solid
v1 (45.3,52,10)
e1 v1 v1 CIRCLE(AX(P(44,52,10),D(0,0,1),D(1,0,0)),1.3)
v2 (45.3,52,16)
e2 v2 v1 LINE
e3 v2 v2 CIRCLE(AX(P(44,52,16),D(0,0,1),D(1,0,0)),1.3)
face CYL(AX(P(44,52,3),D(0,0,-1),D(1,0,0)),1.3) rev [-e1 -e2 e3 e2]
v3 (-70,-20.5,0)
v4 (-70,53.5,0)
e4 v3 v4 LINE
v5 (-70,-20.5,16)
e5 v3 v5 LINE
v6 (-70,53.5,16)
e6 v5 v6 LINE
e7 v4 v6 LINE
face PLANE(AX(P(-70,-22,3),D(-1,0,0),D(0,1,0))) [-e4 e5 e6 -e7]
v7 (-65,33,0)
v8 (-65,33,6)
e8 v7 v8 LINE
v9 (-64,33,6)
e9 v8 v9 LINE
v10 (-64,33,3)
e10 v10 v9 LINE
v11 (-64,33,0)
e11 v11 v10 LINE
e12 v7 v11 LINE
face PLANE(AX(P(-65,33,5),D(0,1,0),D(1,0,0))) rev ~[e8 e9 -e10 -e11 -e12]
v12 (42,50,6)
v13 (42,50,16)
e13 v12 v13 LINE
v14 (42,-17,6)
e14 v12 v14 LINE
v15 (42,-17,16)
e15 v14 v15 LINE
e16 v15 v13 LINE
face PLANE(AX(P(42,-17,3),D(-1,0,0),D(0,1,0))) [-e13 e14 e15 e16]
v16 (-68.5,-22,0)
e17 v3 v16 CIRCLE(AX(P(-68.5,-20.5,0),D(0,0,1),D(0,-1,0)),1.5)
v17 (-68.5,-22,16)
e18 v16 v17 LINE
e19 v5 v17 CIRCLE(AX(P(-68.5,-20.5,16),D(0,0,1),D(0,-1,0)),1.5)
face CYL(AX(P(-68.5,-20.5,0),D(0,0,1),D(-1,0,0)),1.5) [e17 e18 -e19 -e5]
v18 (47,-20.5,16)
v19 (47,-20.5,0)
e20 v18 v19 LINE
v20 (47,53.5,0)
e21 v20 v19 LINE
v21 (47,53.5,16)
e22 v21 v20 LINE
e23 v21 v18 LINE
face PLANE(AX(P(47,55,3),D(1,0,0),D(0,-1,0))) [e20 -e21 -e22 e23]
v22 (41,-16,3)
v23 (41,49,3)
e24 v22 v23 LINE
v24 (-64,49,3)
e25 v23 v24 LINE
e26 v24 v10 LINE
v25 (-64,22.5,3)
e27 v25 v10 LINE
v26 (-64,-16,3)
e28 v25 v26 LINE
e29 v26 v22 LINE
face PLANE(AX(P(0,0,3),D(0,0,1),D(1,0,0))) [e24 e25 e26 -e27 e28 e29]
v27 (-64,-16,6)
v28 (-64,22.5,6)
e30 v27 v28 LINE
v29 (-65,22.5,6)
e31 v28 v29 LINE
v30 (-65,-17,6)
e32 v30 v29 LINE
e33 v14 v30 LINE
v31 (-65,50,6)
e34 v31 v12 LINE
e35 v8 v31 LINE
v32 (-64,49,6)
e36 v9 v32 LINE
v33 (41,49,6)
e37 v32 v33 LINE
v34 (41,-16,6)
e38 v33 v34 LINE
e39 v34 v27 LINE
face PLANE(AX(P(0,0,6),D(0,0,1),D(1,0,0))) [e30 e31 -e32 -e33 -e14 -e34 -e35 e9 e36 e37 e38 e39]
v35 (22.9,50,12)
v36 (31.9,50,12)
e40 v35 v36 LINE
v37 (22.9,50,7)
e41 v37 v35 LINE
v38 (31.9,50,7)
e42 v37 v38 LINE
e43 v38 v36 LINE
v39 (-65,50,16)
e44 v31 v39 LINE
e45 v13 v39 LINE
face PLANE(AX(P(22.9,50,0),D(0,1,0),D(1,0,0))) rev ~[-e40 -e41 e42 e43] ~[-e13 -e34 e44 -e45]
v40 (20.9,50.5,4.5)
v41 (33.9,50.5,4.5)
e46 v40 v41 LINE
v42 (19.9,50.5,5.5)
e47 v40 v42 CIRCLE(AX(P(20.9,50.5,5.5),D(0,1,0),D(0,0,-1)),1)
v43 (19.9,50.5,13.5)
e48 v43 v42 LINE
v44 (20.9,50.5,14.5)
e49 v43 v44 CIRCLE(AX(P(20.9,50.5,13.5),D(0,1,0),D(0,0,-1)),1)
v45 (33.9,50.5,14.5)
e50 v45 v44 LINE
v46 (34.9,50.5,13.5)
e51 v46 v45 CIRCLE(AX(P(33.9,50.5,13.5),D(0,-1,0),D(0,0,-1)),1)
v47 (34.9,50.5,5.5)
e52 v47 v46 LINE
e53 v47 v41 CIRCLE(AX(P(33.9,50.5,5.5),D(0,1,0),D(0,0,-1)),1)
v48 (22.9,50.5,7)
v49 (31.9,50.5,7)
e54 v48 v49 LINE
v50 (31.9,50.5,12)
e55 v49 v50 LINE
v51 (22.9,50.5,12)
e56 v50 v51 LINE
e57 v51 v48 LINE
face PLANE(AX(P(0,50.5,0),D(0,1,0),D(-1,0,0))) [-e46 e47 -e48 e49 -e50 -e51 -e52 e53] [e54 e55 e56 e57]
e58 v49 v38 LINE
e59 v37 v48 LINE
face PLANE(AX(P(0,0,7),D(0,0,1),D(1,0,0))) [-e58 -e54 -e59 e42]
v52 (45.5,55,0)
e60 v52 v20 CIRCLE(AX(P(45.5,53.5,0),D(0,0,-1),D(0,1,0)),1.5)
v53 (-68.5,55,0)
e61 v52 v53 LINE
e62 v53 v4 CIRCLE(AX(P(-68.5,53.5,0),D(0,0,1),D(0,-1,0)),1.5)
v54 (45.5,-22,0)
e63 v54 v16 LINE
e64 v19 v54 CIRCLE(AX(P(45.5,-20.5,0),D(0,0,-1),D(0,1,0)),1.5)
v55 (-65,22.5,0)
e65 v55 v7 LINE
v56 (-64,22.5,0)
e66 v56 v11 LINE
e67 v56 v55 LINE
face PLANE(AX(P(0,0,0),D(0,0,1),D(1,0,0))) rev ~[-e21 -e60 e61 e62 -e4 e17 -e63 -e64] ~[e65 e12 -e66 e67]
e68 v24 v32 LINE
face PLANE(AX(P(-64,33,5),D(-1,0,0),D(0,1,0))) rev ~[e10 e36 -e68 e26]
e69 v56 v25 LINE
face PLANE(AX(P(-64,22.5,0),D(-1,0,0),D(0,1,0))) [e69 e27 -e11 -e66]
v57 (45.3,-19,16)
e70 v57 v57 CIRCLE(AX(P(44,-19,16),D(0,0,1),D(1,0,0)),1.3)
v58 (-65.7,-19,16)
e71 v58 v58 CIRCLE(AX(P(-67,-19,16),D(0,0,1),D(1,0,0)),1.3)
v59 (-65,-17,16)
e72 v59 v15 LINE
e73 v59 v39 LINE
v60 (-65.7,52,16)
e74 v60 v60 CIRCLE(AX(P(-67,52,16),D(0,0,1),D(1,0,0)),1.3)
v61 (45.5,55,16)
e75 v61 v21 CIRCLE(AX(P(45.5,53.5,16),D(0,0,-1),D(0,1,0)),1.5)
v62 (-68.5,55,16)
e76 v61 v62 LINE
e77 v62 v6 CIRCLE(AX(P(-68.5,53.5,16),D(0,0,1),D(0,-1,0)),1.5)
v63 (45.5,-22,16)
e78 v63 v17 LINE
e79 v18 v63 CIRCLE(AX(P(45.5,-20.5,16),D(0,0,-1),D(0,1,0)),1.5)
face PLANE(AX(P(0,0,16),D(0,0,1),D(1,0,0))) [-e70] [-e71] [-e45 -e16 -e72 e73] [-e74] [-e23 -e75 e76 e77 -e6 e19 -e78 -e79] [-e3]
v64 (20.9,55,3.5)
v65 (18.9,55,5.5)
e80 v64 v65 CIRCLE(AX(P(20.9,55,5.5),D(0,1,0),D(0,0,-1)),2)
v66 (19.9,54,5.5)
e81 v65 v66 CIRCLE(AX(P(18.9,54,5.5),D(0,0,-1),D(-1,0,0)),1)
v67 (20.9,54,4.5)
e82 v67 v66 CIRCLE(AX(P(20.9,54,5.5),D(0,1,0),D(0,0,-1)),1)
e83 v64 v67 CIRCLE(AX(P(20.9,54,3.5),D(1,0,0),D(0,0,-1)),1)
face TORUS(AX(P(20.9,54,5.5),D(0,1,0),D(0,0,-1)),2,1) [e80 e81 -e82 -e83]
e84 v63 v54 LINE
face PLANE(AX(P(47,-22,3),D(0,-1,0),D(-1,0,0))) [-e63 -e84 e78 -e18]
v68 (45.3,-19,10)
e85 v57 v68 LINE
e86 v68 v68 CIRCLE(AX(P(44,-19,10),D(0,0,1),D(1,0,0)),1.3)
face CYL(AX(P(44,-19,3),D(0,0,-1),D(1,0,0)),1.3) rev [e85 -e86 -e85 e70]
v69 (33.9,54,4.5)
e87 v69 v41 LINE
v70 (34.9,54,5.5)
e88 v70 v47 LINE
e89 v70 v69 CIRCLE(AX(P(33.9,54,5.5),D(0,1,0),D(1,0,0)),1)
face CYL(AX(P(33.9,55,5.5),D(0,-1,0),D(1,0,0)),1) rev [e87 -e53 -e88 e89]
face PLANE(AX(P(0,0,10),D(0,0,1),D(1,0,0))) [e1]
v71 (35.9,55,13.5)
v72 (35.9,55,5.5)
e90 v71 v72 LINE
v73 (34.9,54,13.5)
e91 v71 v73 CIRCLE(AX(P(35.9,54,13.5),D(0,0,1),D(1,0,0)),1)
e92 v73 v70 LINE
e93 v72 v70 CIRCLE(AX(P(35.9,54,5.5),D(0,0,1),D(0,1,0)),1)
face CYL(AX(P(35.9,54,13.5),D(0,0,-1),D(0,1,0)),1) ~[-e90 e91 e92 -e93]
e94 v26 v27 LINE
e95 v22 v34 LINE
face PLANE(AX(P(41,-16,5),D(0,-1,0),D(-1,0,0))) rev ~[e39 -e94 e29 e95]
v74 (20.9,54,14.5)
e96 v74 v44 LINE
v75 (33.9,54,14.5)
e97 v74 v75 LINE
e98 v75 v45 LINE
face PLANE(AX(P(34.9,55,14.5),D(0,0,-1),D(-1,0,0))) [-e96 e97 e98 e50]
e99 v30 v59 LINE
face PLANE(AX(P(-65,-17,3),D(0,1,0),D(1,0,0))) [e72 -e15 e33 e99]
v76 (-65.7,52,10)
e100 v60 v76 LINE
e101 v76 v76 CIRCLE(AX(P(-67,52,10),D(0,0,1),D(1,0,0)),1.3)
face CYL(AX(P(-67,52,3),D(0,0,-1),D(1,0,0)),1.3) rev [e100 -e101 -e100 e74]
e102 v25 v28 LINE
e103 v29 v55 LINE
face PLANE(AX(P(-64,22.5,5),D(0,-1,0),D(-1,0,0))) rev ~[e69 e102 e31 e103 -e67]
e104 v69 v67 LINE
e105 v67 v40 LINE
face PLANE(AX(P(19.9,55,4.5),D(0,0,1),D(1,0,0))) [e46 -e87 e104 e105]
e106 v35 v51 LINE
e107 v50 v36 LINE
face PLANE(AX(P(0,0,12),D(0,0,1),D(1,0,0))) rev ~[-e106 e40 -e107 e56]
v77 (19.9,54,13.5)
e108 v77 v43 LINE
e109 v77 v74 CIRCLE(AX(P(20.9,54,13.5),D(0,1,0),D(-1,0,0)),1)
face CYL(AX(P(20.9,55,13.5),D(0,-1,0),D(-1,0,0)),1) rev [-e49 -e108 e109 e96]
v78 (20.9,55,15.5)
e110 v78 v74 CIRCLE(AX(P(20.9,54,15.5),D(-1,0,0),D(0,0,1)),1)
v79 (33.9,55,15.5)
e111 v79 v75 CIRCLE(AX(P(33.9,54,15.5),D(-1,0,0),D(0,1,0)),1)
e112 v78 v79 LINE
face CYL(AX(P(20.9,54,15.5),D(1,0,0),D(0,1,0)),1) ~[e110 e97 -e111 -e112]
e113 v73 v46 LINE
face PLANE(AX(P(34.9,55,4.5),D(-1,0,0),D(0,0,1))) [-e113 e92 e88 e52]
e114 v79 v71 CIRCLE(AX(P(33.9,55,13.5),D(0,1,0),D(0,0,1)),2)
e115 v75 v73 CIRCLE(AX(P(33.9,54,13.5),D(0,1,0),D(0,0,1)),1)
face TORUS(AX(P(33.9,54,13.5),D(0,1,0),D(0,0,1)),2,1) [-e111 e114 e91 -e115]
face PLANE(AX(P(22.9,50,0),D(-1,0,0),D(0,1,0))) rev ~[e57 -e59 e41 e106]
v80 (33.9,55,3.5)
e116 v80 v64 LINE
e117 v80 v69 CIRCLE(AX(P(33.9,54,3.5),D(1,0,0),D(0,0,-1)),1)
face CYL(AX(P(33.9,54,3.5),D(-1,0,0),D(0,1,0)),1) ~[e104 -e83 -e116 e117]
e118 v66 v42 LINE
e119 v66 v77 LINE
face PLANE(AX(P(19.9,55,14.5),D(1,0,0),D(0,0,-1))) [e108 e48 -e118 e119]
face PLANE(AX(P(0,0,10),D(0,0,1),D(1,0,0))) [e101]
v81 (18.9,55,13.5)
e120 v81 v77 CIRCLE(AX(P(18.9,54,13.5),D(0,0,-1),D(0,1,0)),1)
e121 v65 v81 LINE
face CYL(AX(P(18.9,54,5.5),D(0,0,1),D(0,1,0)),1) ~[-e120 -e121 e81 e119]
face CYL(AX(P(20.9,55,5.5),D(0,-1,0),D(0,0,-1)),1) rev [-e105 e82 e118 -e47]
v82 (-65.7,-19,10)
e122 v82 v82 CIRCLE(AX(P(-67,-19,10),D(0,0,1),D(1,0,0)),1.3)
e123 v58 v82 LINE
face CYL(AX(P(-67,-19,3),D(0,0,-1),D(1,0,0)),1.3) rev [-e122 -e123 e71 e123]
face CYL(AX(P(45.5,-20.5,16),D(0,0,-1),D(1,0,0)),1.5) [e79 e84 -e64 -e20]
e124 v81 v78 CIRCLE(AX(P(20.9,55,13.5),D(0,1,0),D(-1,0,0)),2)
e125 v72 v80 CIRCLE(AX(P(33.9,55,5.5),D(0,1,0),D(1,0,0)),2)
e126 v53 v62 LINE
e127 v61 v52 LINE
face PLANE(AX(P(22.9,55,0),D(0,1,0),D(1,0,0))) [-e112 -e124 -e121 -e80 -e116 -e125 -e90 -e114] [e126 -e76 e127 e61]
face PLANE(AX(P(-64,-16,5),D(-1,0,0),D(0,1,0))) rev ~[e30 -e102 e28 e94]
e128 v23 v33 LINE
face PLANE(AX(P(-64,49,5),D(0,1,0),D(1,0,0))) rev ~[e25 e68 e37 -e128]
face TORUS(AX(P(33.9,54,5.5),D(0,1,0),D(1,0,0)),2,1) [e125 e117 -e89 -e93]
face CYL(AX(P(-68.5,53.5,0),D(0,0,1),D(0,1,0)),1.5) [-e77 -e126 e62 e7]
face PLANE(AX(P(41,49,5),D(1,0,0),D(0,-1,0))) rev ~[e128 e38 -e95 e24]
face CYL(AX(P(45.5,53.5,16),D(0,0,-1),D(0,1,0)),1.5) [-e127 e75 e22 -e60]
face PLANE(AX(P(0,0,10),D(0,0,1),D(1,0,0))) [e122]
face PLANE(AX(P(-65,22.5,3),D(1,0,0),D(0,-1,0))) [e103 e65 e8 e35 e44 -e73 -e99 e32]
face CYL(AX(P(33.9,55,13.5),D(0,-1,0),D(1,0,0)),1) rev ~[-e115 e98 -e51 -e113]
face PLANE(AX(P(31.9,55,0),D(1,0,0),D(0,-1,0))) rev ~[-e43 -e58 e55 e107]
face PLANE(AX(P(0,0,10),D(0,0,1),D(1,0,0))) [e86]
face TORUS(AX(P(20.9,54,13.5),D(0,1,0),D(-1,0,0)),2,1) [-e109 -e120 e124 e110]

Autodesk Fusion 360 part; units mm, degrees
sketch "Sketch1" plane through (0, 0, 0) normal (0, 0, 1) x (1, 0, 0)
  line L0 (-65, 50) -> (42, 50)
  line L1 (42, 50) -> (42, -17)
  line L2 (42, -17) -> (-65, -17)
  line L3 (-65, -17) -> (-65, 50)
  line L4 (-64, 49) -> (41, 49)
  line L5 (41, 49) -> (41, -16)
  line L6 (41, -16) -> (-64, -16)
  line L7 (-64, -16) -> (-64, 49)
  line L8 (-70, 55) -> (47, 55)
  line L9 (47, 55) -> (47, -22)
  line L10 (47, -22) -> (-70, -22)
  line L11 (-70, -22) -> (-70, 55)
  circle A0 centre (-67, 52) radius 1.3
  circle A1 centre (-67, -19) radius 1.3
  circle A2 centre (44, -19) radius 1.3
  circle A3 centre (44, 52) radius 1.3
  line L12 (-65, 33) -> (-64, 33)
  line L13 (-64, 33) -> (-64, 22.5)
  line L14 (-64, 22.5) -> (-65, 22.5)
  line L15 (-65, 22.5) -> (-65, 33)
  line L16 (18.5, 47.1) -> (36.3, 47.1)
  line L17 (36.3, 47.1) -> (36.3, 26.1)
  line L18 (36.3, 26.1) -> (18.5, 26.1)
  line L19 (18.5, 26.1) -> (18.5, 47.1)
  line L20 (22.9, 58) -> (31.9, 58)
  line L21 (31.9, 58) -> (31.9, 38)
  line L22 (31.9, 38) -> (22.9, 38)
  line L23 (22.9, 38) -> (22.9, 58)
  dimension "d1" = 107
  dimension "d2" = 67
  dimension "d3" = 105
  dimension "d4" = 65
  dimension "d5" = 1
  dimension "d6" = 1
  dimension "d7" = 117
  dimension "d8" = 77
  dimension "d9" = 5
  dimension "d10" = 5
  dimension "d11" = 2.6
  dimension "d12" = 2.6
  dimension "d13" = 2.6
  dimension "d14" = 2.6
  dimension "d15" = 3
  dimension "d16" = 3
  dimension "d17" = 3
  dimension "d18" = 3
  dimension "d19" = 3
  dimension "d20" = 3
  dimension "d21" = 3
  dimension "d22" = 3
  dimension "d23" = 1
  dimension "d24" = 10.5
  dimension "d25" = 17
  dimension "d26" = 17.8
  dimension "d27" = 21
  dimension "d28" = 1.9
  dimension "d29" = 4.7
  dimension "d30" = 9
  dimension "d31" = 20
  dimension "d32" = 4.4
extrude "Extrude1" add sketch "Sketch1" along normal blind 3 contours L0 L1 L2 L3 L8 L9 L10 L11 L15 L21 L23 | L0 L3 L4 L7 L12 L23 | L0 L8 L21 L23 | L0 L4 L21 L23 | L0 L1 L2 L3 L4 L5 L6 L7 L14 L21 | L4 L5 L6 L7 L13 L16 L17 L18 L19 L21 L23 | L4 L16 L21 L23 | L16 L17 L18 L19 L21 L22 L23 | L16 L21 L22 L23
extrude "Extrude2" add sketch "Sketch1" along normal blind 5 contours L0 L3 L4 L7 L12 L23 | L0 L4 L21 L23 | L0 L1 L2 L3 L4 L5 L6 L7 L14 L21
extrude "Extrude3" add 1 faces at (6, -16.6667, 5) along direction (0, 0, 1) blind 1
extrude "Extrude4" add 1 faces at (-68.3333, 18.5, 3) along direction (0, 0, 1) blind 13
extrude "Extrude5" cut sketch "Sketch1" along normal blind 12 contours L0 L8 L21 L23
extrude "Extrude6" add sketch "Sketch1" along normal blind 7 contours L0 L8 L21 L23
sketch "Sketch2" plane through (0, 55, 0) normal (0, 1, 0) x (-1, 0, 0)
  line L0 (-31.9, 7) -> (-31.9, 12)
  line L1 (-31.9, 12) -> (-22.9, 12)
  line L2 (-22.9, 12) -> (-22.9, 7)
  line L3 (-22.9, 7) -> (-31.9, 7)
  line L4 (-47, 0) -> (70, 0)
  line L5 (70, 0) -> (70, 16)
  line L6 (70, 16) -> (-47, 16)
  line L7 (-47, 16) -> (-47, 0)
  line L8 (-34.9, 14.5) -> (-19.9, 14.5)
  line L9 (-19.9, 14.5) -> (-19.9, 4.5)
  line L10 (-19.9, 4.5) -> (-34.9, 4.5)
  line L11 (-34.9, 4.5) -> (-34.9, 14.5)
  dimension "d45" = 15
  dimension "d46" = 10
  dimension "d47" = 3
  dimension "d48" = 2.5
extrude "Extrude7" cut sketch "Sketch2" against normal blind 4.5 contours L8 L9 L10 L11
fillet "Fillet1" radius 1 4 edges at (19.9, 52.75, 4.5) (34.9, 52.75, 4.5) (34.9, 52.75, 14.5) (19.9, 52.75, 14.5)
fillet "Fillet2" radius 1 8 edges at (20.1929, 55, 4.7929) (27.4, 55, 4.5) (34.6071, 55, 4.7929) (34.9, 55, 9.5) (34.6071, 55, 14.2071) (27.4, 55, 14.5) (20.1929, 55, 14.2071) (19.9, 55, 9.5)
extrude "Extrude8" add sketch "Sketch1" along normal blind 10 contours A0 | A1 | A2 | A3
fillet "Fillet3" radius 1.5 4 edges at (47, -22, 8) (47, 55, 8) (-70, 55, 8) (-70, -22, 8)
